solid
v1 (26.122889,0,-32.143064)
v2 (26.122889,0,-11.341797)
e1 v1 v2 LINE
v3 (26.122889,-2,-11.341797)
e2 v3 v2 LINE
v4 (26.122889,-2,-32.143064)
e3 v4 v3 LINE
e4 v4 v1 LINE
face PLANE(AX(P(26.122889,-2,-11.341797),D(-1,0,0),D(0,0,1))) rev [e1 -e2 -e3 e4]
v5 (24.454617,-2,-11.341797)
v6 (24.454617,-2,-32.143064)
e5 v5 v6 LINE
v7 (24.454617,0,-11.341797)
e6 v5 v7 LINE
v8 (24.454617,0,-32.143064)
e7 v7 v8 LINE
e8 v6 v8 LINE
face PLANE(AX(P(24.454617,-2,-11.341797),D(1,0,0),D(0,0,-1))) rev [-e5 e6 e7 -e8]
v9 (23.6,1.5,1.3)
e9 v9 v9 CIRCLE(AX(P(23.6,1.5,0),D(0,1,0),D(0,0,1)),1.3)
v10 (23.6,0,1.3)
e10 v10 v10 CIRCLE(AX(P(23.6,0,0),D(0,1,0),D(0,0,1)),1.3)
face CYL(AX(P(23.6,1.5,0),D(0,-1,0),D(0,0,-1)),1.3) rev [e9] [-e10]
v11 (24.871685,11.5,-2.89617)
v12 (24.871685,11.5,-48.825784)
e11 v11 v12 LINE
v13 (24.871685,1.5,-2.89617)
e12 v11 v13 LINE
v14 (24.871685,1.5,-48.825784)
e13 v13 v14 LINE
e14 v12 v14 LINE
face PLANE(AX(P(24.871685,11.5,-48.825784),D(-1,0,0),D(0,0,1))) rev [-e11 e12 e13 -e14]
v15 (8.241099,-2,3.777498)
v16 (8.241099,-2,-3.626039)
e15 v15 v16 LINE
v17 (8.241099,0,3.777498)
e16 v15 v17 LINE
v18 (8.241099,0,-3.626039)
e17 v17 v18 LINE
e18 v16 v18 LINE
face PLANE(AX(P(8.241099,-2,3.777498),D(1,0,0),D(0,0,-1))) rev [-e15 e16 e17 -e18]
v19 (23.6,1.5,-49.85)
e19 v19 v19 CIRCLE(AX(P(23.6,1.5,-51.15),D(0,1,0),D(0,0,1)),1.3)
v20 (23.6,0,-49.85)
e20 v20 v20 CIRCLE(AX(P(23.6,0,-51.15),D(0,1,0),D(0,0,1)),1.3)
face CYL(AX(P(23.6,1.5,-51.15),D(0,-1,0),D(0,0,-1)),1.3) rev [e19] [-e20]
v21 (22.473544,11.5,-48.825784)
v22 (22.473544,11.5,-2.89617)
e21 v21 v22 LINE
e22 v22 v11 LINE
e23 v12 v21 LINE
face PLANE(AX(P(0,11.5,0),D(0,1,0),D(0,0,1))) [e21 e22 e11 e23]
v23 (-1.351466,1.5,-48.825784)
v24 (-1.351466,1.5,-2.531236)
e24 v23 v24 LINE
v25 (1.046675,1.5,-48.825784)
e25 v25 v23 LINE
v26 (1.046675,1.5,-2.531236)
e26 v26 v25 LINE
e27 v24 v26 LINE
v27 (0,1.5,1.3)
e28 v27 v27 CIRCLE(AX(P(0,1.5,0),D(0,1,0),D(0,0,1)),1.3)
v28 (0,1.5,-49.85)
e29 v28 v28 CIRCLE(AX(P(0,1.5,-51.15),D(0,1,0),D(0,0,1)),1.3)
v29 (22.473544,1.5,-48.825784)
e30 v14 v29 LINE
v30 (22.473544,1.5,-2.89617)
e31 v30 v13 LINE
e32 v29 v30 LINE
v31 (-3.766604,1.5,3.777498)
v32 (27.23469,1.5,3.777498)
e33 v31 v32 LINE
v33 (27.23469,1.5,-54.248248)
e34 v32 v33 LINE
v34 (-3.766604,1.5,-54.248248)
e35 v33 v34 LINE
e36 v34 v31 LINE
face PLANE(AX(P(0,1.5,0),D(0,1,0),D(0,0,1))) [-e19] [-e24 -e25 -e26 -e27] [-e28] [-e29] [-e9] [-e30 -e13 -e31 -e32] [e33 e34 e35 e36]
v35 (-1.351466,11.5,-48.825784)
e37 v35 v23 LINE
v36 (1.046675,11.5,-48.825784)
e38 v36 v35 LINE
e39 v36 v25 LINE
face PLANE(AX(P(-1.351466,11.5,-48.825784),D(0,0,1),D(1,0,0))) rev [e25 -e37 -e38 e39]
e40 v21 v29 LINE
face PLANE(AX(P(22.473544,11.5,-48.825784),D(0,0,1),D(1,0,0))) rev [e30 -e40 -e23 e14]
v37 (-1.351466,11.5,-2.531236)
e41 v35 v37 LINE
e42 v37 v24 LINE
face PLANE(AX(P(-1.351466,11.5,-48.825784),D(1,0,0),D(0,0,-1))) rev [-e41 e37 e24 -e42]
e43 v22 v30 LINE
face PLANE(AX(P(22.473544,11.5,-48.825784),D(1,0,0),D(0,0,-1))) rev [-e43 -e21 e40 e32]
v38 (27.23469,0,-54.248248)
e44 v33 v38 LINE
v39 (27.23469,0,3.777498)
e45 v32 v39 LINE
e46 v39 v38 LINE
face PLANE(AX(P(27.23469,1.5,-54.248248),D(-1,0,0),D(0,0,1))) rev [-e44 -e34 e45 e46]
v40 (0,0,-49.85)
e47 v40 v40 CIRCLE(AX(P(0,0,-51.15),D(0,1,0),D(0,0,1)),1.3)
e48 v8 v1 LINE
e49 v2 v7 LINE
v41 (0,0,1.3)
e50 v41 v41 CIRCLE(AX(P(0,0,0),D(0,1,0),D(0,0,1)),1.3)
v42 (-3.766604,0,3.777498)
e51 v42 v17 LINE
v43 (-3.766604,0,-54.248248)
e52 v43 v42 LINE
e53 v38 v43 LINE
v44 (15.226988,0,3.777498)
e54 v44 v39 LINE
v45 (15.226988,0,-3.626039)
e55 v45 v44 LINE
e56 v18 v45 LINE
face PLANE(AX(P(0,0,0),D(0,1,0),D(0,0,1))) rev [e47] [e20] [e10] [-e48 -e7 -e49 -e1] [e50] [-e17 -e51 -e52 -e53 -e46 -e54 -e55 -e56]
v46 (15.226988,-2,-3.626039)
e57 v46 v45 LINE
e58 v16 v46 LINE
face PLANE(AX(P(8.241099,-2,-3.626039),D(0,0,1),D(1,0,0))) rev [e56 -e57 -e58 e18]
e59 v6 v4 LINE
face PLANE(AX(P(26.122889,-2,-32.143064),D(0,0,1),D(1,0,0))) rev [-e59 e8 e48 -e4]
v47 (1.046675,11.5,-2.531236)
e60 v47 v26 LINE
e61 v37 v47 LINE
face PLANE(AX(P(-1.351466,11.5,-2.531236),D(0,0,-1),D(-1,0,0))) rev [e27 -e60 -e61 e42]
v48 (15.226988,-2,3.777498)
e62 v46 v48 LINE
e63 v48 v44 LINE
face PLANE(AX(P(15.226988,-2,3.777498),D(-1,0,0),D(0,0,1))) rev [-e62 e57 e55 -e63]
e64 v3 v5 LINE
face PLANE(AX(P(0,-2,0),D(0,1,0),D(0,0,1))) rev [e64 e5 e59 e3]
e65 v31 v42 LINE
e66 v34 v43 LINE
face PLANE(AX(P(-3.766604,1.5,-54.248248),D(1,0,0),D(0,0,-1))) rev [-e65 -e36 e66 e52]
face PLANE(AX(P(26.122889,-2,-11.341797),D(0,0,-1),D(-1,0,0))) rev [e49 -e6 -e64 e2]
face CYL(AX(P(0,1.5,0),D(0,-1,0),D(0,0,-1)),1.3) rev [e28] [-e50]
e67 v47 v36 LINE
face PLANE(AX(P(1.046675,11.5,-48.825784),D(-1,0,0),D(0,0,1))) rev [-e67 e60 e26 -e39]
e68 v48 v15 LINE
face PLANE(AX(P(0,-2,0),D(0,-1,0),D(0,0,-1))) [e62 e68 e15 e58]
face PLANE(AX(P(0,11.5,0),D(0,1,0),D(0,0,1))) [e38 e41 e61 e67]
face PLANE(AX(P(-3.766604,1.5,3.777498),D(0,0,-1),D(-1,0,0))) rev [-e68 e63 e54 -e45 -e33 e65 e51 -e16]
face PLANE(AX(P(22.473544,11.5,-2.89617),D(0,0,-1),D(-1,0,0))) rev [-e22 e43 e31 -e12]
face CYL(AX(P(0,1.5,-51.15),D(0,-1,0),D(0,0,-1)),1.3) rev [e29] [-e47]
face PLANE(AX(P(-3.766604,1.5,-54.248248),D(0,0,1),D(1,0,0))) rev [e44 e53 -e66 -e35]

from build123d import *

# Parameters (mm, degrees)
SKETCH1_W           = 31.001294418
SKETCH1_H           = 58.025746404
SKETCH1_R           = 1.3
BOSS_EXTRUDE1_DEPTH = 1.5
SKETCH2_W           = 6.985889014
SKETCH2_H           = 7.403537408
BOSS_EXTRUDE2_DEPTH = 2
SKETCH3_W           = 2.398141005
SKETCH3_H           = 46.294548095
SKETCH3_H_2         = 45.929613594
BOSS_EXTRUDE3_DEPTH = 10
SKETCH4_W           = 1.668272003
SKETCH4_H           = 20.801266543
BOSS_EXTRUDE4_DEPTH = 2


with BuildPart() as part:
    # Sketch1 → Boss-Extrude1 (new body)
    with BuildSketch(Plane(origin=(0, 0, 0), x_dir=(1, 0, 0), z_dir=(0, 1, 0))):
        with Locations((11.734043017, 25.235374996)):
            Rectangle(SKETCH1_W, SKETCH1_H)
        with Locations(Location((0, 0, 0), (0, 0, 270))):
            Circle(SKETCH1_R, mode=Mode.SUBTRACT)
        with Locations(Location((23.6, 0, 0), (0, 0, 270))):
            Circle(SKETCH1_R, mode=Mode.SUBTRACT)
        with Locations(Location((23.6, 51.15, 0), (0, 0, 270))):
            Circle(SKETCH1_R, mode=Mode.SUBTRACT)
        with Locations(Location((0, 51.15, 0), (0, 0, 270))):
            Circle(SKETCH1_R, mode=Mode.SUBTRACT)
    extrude(amount=BOSS_EXTRUDE1_DEPTH)

    # Sketch2 → Boss-Extrude2 (add)
    with BuildSketch(Plane(origin=(0, 0, 0), x_dir=(-1, 0, 0), z_dir=(0, -1, 0))):
        with Locations((-11.734043017, -0.075729502)):
            Rectangle(SKETCH2_W, SKETCH2_H)
    extrude(amount=BOSS_EXTRUDE2_DEPTH)

    # Sketch3 → Boss-Extrude3 (add)
    with BuildSketch(Plane(origin=(0, 1.5, 0), x_dir=(1, 0, 0), z_dir=(0, 1, 0))):
        with Locations((-0.152395008, 25.678509747)):
            Rectangle(SKETCH3_W, SKETCH3_H)
        with Locations((23.672614542, 25.860976997)):
            Rectangle(SKETCH3_W, SKETCH3_H_2)
    extrude(amount=BOSS_EXTRUDE3_DEPTH)

    # Sketch4 → Boss-Extrude4 (add)
    with BuildSketch(Plane(origin=(0, 0, 0), x_dir=(-1, 0, 0), z_dir=(0, -1, 0))):
        with Locations((-25.288753045, 21.742430489)):
            Rectangle(SKETCH4_W, SKETCH4_H)
    extrude(amount=BOSS_EXTRUDE4_DEPTH)


solid = part.part
